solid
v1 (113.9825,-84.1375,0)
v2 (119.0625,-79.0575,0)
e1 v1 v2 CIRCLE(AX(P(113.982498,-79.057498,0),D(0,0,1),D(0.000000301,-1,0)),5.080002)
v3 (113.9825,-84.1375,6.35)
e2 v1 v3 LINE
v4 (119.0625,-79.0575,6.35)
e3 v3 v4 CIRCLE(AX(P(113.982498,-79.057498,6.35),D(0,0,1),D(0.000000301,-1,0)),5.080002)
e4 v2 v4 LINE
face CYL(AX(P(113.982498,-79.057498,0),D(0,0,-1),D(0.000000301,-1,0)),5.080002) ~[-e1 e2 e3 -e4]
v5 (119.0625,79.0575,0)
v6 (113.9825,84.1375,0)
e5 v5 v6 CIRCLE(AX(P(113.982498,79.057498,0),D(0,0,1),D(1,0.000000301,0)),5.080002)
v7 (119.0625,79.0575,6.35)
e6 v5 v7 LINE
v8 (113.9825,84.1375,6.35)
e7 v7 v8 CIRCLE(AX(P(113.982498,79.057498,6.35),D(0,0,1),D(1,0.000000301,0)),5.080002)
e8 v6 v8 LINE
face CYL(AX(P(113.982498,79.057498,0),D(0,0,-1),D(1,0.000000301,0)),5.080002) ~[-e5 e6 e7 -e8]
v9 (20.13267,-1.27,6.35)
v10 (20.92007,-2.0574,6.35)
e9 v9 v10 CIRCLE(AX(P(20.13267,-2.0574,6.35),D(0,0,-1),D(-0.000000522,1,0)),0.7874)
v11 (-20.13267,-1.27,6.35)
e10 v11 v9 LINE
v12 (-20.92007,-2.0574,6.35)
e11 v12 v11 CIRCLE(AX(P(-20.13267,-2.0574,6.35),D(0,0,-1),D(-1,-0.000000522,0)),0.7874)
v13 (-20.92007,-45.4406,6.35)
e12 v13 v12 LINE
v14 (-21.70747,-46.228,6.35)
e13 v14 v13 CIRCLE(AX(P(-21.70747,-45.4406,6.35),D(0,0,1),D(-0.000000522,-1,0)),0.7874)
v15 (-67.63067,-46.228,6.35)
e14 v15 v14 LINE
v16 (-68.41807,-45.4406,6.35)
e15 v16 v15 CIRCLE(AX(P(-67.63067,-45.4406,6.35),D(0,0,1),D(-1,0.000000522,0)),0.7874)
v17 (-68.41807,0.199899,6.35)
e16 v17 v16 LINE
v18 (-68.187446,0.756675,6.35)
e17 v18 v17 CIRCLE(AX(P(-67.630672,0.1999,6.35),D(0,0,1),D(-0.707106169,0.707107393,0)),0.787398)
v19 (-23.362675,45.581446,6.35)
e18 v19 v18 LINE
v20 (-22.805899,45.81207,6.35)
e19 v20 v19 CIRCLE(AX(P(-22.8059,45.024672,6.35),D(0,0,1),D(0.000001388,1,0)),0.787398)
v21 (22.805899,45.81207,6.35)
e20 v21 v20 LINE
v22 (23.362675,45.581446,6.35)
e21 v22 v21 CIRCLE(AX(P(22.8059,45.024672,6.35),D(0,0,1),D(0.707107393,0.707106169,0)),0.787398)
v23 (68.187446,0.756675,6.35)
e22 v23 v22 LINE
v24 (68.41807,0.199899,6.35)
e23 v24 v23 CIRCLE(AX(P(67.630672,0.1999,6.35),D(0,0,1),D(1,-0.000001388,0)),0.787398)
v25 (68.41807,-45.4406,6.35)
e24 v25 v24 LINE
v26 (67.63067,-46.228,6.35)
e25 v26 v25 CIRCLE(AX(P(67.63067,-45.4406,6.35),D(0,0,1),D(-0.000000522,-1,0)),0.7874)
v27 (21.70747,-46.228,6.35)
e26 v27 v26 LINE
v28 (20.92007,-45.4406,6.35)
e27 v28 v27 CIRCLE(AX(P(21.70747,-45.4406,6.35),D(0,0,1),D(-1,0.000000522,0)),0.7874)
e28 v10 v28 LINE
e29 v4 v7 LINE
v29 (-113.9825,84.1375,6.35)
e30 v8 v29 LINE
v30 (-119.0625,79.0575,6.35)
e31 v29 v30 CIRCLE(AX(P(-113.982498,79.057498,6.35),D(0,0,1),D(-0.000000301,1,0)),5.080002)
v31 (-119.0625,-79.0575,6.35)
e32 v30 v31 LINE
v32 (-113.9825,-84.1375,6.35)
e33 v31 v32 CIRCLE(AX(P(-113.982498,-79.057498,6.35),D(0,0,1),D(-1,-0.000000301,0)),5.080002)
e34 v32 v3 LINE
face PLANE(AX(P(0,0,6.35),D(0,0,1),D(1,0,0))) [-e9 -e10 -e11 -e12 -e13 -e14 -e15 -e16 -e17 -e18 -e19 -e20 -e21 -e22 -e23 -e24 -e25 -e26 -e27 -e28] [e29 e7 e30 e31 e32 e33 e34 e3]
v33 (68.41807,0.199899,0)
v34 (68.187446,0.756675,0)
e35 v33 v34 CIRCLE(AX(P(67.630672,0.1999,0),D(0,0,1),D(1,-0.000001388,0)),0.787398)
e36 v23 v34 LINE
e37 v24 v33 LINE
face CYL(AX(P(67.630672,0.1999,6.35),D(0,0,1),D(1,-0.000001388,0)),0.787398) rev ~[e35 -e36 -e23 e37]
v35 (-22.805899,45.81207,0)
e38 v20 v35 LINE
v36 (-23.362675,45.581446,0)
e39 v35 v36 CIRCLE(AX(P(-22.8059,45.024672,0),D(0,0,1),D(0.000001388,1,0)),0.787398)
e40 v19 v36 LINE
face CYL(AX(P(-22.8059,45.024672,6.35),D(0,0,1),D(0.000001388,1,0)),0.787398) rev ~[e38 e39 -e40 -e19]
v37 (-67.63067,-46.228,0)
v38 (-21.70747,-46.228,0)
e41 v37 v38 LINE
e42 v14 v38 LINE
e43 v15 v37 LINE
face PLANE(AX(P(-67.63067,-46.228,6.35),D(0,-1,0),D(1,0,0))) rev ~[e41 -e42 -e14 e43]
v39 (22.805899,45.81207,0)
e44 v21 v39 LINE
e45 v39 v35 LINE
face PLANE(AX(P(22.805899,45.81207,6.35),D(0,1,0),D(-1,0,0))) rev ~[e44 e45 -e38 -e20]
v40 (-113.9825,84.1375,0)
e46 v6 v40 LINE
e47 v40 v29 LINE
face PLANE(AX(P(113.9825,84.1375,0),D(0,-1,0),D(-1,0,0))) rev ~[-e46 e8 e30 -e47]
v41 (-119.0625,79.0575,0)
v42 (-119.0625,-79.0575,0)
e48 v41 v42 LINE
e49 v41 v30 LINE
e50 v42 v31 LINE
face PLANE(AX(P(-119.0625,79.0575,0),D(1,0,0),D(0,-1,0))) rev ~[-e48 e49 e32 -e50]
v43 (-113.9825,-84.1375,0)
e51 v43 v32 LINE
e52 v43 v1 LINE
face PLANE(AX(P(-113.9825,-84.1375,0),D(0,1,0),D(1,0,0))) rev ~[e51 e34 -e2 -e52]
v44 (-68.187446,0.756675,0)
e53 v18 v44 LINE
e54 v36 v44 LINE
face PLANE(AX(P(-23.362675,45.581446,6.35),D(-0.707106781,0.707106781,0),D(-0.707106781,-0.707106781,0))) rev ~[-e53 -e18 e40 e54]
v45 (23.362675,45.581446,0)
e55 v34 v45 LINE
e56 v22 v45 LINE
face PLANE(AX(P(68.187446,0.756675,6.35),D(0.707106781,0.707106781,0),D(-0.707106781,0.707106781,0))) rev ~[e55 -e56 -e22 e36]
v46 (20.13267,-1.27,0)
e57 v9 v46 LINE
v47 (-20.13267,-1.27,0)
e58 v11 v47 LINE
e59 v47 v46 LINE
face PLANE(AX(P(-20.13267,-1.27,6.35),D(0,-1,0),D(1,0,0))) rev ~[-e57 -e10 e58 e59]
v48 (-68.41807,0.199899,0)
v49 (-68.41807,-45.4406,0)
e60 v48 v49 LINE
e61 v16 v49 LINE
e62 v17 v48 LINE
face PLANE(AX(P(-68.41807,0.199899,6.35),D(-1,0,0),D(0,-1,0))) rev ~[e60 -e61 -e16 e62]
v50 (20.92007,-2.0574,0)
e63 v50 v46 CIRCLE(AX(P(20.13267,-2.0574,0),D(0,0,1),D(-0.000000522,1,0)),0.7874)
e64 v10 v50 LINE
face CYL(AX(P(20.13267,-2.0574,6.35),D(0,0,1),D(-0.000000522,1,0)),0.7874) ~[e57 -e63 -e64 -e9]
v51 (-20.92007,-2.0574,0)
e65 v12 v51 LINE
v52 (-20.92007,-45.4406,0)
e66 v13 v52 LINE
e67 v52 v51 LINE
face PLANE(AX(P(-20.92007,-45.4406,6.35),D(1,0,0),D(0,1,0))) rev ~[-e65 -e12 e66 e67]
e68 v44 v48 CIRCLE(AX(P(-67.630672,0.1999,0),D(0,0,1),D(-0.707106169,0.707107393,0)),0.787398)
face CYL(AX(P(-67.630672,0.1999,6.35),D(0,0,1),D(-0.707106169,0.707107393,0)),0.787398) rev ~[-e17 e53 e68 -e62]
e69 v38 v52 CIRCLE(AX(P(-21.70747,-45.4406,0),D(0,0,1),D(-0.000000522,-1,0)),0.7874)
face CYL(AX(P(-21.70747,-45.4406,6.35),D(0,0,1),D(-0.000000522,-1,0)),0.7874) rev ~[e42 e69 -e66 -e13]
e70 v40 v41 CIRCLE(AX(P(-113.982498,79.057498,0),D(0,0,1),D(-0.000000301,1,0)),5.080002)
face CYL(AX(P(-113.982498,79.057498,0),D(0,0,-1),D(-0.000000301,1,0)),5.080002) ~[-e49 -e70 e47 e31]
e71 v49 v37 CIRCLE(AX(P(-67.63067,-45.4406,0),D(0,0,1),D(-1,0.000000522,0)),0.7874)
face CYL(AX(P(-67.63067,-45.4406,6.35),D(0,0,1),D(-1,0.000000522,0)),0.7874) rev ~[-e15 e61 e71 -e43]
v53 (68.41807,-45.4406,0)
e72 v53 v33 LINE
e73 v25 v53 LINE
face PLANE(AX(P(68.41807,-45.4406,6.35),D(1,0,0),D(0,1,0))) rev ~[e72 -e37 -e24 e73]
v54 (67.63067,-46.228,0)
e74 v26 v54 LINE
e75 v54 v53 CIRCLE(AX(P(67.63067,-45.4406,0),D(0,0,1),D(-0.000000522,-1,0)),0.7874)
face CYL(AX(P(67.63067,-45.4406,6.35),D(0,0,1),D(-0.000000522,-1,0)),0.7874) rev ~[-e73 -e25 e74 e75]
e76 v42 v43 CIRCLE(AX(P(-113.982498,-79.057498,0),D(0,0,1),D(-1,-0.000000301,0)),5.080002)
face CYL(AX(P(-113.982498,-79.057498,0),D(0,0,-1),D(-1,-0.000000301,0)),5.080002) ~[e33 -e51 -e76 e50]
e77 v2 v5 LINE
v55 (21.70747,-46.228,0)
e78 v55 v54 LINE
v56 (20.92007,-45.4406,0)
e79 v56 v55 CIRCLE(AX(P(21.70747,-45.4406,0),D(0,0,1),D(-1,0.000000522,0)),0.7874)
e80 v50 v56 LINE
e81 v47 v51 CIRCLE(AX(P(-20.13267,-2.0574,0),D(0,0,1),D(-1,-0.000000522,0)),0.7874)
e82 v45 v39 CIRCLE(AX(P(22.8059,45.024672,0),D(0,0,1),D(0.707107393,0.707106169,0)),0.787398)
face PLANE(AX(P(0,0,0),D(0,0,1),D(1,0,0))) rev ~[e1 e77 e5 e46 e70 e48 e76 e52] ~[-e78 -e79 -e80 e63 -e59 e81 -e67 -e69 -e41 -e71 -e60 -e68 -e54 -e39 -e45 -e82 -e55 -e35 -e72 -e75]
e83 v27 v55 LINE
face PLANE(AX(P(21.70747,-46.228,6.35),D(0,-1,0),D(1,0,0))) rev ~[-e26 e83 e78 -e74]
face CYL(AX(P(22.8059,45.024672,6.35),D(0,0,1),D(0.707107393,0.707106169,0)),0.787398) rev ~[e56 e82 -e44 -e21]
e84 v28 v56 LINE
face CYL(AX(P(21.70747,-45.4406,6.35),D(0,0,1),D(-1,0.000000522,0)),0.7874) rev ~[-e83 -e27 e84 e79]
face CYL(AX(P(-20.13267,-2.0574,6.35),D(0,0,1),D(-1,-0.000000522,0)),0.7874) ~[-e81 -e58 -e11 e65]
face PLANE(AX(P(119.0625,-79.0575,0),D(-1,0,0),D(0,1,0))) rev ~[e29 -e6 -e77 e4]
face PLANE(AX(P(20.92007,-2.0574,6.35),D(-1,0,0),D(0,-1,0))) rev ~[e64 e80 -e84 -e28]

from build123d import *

# Parameters (mm, degrees)
F1_DEPTH = 6.35
F3_DEPTH = 25.4
F5_DEPTH = 25.4


with BuildPart() as f1:
    # F0 (on Top) → F1 (new body)
    with BuildSketch(Plane.XY):
        with BuildLine():
            Line((113.9825, 84.1375), (-113.9825, 84.1375))
            ThreePointArc((-113.9825, 84.1375), (-117.574602, 82.649602), (-119.0625, 79.0575))
            Line((-119.0625, 79.0575), (-119.0625, -79.0575))
            ThreePointArc((-119.0625, -79.0575), (-117.574602, -82.649602), (-113.9825, -84.1375))
            Line((-113.9825, -84.1375), (113.9825, -84.1375))
            ThreePointArc((113.9825, -84.1375), (117.574602, -82.649602), (119.0625, -79.0575))
            Line((119.0625, -79.0575), (119.0625, 79.0575))
            ThreePointArc((119.0625, 79.0575), (117.574602, 82.649602), (113.9825, 84.1375))
        make_face()
    extrude(amount=F1_DEPTH)

    # F2 (on face) → F3 (cut)
    with BuildSketch(Plane.XY.offset(6.35)):
        Polygon((22.606, 44.54207), (0, 44.54207), (-22.606, 44.54207), (-67.14807, 0), (-67.14807, -44.958), (-22.19007, -44.958), (-22.19007, 0), (0, 0), (22.19007, 0), (22.19007, -44.958), (67.14807, -44.958), (67.14807, 0), align=None)
    extrude(amount=-F3_DEPTH, mode=Mode.SUBTRACT)

    # F4 (on face) → F5 (cut)
    with BuildSketch(Plane.XY.offset(6.35)):
        with BuildLine():
            ThreePointArc((-22.805899, 45.81207), (-23.107224, 45.752133), (-23.362675, 45.581446))
            Line((-23.362675, 45.581446), (-68.187446, 0.756675))
            ThreePointArc((-68.187446, 0.756675), (-68.358133, 0.501224), (-68.41807, 0.199899))
            Line((-68.41807, 0.199899), (-68.41807, -45.4406))
            ThreePointArc((-68.41807, -45.4406), (-68.187446, -45.997376), (-67.63067, -46.228))
            Line((-67.63067, -46.228), (-21.70747, -46.228))
            ThreePointArc((-21.70747, -46.228), (-21.150694, -45.997376), (-20.92007, -45.4406))
            Line((-20.92007, -45.4406), (-20.92007, -2.0574))
            ThreePointArc((-20.92007, -2.0574), (-20.689446, -1.500624), (-20.13267, -1.27))
            Line((-20.13267, -1.27), (20.13267, -1.27))
            ThreePointArc((20.13267, -1.27), (20.689446, -1.500624), (20.92007, -2.0574))
            Line((20.92007, -2.0574), (20.92007, -45.4406))
            ThreePointArc((20.92007, -45.4406), (21.150694, -45.997376), (21.70747, -46.228))
            Line((21.70747, -46.228), (67.63067, -46.228))
            ThreePointArc((67.63067, -46.228), (68.187446, -45.997376), (68.41807, -45.4406))
            Line((68.41807, -45.4406), (68.41807, 0.199899))
            ThreePointArc((68.41807, 0.199899), (68.358133, 0.501224), (68.187446, 0.756675))
            Line((68.187446, 0.756675), (23.362675, 45.581446))
            ThreePointArc((23.362675, 45.581446), (23.107224, 45.752133), (22.805899, 45.81207))
            Line((22.805899, 45.81207), (-22.805899, 45.81207))
        make_face()
    extrude(amount=-F5_DEPTH, mode=Mode.SUBTRACT)


solid = f1.part
